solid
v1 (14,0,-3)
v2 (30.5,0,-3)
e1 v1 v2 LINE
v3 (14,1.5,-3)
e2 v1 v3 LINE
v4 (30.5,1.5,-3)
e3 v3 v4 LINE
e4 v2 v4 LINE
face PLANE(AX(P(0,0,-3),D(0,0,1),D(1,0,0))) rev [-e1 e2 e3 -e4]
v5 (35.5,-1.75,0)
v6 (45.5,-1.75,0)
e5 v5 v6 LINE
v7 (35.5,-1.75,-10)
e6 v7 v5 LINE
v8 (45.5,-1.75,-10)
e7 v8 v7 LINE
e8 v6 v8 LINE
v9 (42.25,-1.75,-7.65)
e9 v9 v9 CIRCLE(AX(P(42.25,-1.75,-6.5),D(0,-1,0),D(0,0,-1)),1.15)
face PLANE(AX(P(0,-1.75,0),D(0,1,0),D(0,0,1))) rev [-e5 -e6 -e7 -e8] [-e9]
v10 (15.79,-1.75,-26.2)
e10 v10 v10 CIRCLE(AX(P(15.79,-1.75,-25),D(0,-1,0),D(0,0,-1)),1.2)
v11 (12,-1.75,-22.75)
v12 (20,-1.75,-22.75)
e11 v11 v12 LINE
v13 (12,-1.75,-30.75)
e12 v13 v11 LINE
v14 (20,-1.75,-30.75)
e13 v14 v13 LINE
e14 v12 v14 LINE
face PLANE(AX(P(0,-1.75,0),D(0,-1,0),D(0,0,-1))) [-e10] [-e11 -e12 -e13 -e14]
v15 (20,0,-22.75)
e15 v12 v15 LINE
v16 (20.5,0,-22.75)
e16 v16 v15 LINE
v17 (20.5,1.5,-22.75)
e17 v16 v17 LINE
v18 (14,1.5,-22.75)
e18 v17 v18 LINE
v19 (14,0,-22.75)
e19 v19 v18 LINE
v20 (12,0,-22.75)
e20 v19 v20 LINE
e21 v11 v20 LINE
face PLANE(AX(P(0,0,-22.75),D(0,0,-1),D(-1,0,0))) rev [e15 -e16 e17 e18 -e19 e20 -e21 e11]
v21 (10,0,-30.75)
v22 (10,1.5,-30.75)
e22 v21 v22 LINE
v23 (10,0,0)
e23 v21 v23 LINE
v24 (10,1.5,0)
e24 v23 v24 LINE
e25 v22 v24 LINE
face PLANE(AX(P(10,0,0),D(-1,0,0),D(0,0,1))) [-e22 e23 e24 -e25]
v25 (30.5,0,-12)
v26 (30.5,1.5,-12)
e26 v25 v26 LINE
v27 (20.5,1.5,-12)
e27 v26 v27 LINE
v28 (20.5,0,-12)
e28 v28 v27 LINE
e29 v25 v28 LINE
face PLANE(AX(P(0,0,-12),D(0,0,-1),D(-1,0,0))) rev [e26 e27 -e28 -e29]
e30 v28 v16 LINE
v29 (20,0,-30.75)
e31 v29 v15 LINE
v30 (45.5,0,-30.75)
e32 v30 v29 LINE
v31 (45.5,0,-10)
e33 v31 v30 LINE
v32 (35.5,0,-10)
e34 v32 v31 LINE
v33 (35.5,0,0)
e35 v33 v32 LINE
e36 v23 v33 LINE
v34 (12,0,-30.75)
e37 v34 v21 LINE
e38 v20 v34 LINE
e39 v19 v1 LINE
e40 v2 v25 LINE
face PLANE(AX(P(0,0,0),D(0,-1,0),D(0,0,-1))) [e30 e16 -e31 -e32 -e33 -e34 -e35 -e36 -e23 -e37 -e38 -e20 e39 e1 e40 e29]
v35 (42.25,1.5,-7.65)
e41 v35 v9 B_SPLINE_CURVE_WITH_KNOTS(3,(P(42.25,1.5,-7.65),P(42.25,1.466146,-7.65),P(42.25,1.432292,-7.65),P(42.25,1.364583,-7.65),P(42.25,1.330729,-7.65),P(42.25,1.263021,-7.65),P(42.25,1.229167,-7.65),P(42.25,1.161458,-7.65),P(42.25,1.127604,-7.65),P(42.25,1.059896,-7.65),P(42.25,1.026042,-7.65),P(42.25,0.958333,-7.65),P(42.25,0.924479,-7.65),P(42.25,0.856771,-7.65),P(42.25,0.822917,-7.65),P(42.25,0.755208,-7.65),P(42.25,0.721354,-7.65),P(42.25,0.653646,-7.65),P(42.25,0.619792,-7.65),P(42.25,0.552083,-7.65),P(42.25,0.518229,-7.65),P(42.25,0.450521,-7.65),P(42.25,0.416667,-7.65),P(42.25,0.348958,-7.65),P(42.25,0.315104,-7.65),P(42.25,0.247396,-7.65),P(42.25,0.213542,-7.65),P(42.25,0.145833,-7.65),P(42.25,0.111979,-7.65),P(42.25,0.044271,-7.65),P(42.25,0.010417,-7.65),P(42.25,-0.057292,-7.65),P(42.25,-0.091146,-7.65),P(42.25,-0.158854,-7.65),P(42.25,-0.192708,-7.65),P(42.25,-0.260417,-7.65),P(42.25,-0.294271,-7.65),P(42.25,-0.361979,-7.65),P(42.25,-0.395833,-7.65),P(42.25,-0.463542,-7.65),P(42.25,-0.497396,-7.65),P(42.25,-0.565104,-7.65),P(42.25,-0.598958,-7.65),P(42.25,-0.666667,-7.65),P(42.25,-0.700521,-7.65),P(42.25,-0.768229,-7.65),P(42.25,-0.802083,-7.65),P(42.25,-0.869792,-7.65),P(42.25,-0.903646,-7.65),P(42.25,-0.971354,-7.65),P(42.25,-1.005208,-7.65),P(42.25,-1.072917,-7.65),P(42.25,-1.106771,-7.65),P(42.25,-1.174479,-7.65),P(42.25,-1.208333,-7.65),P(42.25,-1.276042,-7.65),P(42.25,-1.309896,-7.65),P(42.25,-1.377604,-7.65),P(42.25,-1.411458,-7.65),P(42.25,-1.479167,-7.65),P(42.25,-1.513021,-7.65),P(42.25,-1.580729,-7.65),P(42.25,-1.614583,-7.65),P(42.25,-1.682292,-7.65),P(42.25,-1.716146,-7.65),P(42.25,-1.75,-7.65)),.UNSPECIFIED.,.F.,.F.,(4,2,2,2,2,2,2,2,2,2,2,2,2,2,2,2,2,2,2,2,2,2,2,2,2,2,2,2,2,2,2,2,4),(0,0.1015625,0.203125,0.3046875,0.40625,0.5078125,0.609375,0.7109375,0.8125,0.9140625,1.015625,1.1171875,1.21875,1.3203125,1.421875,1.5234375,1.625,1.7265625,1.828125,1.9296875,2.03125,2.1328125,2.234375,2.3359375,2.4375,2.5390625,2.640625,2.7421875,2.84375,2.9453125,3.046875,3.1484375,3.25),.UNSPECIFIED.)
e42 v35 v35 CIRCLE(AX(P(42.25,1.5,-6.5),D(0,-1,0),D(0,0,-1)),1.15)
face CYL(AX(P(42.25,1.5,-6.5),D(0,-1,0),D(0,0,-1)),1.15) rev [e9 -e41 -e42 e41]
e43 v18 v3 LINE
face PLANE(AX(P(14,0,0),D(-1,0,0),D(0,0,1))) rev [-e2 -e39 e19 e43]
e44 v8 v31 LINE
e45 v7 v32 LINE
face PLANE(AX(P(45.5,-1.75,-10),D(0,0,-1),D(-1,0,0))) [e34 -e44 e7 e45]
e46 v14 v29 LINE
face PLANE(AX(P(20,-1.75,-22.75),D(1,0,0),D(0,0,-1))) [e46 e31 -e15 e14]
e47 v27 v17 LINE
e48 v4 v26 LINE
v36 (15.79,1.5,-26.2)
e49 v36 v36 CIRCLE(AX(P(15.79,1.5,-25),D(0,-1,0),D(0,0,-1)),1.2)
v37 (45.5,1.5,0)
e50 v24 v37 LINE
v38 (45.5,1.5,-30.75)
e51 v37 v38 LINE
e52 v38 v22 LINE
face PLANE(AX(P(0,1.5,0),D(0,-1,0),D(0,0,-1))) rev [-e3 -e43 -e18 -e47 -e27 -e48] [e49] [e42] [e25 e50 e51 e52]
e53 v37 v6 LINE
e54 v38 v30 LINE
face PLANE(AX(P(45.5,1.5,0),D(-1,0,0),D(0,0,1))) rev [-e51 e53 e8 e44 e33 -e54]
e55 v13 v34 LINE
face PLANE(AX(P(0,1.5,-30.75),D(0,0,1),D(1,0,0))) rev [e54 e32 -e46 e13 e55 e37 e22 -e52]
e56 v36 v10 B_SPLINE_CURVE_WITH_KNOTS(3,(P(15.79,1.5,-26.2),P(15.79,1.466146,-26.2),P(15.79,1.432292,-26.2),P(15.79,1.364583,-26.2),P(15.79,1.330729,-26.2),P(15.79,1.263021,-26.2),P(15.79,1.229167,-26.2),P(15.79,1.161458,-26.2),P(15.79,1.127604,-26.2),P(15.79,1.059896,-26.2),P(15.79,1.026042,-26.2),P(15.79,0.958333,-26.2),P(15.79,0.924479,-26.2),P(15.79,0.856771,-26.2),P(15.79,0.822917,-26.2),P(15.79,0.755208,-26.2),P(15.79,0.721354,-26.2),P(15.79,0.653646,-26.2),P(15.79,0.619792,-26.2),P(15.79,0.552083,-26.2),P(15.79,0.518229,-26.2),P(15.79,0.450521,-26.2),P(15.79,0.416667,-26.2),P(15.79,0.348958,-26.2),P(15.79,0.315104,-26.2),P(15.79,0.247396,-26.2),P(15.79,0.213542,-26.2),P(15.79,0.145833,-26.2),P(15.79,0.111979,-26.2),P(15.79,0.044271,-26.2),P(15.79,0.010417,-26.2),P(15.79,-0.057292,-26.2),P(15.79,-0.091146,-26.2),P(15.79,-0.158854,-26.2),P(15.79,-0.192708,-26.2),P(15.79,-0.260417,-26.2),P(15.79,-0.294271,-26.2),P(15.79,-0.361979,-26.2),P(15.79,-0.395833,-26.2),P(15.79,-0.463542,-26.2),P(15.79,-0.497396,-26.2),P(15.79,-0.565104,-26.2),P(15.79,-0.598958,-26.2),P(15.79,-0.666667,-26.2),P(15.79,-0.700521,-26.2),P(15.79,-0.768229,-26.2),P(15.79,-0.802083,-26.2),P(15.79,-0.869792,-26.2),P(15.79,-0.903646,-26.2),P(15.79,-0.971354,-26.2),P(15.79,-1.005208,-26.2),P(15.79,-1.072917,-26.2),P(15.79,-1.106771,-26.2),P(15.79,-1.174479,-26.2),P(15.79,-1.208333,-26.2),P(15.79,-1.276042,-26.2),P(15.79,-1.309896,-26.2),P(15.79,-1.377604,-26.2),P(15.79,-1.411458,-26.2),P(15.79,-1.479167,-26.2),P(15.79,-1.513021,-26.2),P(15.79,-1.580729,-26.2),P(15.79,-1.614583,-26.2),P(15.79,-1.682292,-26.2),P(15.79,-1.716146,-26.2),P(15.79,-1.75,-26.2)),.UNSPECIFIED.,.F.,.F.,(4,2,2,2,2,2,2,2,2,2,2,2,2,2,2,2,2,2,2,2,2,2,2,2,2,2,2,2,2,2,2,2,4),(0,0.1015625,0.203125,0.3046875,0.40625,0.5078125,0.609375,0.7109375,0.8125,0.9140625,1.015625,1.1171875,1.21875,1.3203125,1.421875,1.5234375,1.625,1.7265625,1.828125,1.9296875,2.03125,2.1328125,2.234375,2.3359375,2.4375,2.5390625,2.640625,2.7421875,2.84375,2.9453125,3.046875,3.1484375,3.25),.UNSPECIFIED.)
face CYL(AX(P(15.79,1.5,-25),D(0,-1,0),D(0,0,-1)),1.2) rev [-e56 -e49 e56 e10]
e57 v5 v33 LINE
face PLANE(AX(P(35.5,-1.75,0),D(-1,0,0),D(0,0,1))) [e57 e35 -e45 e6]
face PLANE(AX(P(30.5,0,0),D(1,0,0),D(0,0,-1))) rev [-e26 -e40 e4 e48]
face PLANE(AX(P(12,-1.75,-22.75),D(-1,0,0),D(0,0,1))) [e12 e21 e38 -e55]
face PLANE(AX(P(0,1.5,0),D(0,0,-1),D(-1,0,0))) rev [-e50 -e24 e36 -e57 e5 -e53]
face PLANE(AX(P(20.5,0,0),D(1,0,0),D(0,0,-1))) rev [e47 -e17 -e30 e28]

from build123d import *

# Parameters (mm, degrees)
SKETCH1_W           = 45.5
SKETCH1_H           = 30.75
BOSS_EXTRUDE1_DEPTH = 1.5
CUT_EXTRUDE1_DEPTH  = 55.936895617
SKETCH3_W           = 10
SKETCH3_H           = 10
SKETCH3_W_2         = 8
SKETCH3_H_2         = 8
BOSS_EXTRUDE2_DEPTH = 3.25
SKETCH4_R           = 1.15
SKETCH4_R_2         = 1.2
CUT_EXTRUDE2_DEPTH  = 56.01249858


with BuildPart() as part:
    # Sketch1 → Boss-Extrude1 (new body)
    with BuildSketch(Plane(origin=(0, 0, 0), x_dir=(1, 0, 0), z_dir=(0, 1, 0))):
        with Locations((22.75, 15.375)):
            Rectangle(SKETCH1_W, SKETCH1_H)
    extrude(amount=BOSS_EXTRUDE1_DEPTH)

    # Sketch2 → Cut-Extrude1 (cut, through all)
    with BuildSketch(Plane(origin=(0, 1.5, 0), x_dir=(1, 0, 0), z_dir=(0, 1, 0))):
        Polygon((0, 0), (10, 0), (10, 22.75), (10, 30.75), (0, 30.75), align=None)
        Polygon((14, 3), (30.5, 3), (30.5, 12), (20.5, 12), (20.5, 22.75), (14, 22.75), align=None)
    extrude(amount=-CUT_EXTRUDE1_DEPTH, mode=Mode.SUBTRACT)

    # Sketch3 → Boss-Extrude2 (add)
    with BuildSketch(Plane(origin=(0, 1.5, 0), x_dir=(1, 0, 0), z_dir=(0, 1, 0))):
        with Locations((40.5, 5)):
            Rectangle(SKETCH3_W, SKETCH3_H)
        with Locations((16, 26.75)):
            Rectangle(SKETCH3_W_2, SKETCH3_H_2)
    extrude(amount=-BOSS_EXTRUDE2_DEPTH)

    # Sketch4 → Cut-Extrude2 (cut, through all)
    with BuildSketch(Plane(origin=(0, -1.75, 0), x_dir=(-1, 0, 0), z_dir=(0, -1, 0))):
        with Locations(Location((-42.25, 6.5, 0), (0, 0, 90))):
            Circle(SKETCH4_R)
        with Locations(Location((-15.79, 25, 0), (0, 0, 90))):
            Circle(SKETCH4_R_2)
    extrude(amount=-CUT_EXTRUDE2_DEPTH, mode=Mode.SUBTRACT)


solid = part.part
